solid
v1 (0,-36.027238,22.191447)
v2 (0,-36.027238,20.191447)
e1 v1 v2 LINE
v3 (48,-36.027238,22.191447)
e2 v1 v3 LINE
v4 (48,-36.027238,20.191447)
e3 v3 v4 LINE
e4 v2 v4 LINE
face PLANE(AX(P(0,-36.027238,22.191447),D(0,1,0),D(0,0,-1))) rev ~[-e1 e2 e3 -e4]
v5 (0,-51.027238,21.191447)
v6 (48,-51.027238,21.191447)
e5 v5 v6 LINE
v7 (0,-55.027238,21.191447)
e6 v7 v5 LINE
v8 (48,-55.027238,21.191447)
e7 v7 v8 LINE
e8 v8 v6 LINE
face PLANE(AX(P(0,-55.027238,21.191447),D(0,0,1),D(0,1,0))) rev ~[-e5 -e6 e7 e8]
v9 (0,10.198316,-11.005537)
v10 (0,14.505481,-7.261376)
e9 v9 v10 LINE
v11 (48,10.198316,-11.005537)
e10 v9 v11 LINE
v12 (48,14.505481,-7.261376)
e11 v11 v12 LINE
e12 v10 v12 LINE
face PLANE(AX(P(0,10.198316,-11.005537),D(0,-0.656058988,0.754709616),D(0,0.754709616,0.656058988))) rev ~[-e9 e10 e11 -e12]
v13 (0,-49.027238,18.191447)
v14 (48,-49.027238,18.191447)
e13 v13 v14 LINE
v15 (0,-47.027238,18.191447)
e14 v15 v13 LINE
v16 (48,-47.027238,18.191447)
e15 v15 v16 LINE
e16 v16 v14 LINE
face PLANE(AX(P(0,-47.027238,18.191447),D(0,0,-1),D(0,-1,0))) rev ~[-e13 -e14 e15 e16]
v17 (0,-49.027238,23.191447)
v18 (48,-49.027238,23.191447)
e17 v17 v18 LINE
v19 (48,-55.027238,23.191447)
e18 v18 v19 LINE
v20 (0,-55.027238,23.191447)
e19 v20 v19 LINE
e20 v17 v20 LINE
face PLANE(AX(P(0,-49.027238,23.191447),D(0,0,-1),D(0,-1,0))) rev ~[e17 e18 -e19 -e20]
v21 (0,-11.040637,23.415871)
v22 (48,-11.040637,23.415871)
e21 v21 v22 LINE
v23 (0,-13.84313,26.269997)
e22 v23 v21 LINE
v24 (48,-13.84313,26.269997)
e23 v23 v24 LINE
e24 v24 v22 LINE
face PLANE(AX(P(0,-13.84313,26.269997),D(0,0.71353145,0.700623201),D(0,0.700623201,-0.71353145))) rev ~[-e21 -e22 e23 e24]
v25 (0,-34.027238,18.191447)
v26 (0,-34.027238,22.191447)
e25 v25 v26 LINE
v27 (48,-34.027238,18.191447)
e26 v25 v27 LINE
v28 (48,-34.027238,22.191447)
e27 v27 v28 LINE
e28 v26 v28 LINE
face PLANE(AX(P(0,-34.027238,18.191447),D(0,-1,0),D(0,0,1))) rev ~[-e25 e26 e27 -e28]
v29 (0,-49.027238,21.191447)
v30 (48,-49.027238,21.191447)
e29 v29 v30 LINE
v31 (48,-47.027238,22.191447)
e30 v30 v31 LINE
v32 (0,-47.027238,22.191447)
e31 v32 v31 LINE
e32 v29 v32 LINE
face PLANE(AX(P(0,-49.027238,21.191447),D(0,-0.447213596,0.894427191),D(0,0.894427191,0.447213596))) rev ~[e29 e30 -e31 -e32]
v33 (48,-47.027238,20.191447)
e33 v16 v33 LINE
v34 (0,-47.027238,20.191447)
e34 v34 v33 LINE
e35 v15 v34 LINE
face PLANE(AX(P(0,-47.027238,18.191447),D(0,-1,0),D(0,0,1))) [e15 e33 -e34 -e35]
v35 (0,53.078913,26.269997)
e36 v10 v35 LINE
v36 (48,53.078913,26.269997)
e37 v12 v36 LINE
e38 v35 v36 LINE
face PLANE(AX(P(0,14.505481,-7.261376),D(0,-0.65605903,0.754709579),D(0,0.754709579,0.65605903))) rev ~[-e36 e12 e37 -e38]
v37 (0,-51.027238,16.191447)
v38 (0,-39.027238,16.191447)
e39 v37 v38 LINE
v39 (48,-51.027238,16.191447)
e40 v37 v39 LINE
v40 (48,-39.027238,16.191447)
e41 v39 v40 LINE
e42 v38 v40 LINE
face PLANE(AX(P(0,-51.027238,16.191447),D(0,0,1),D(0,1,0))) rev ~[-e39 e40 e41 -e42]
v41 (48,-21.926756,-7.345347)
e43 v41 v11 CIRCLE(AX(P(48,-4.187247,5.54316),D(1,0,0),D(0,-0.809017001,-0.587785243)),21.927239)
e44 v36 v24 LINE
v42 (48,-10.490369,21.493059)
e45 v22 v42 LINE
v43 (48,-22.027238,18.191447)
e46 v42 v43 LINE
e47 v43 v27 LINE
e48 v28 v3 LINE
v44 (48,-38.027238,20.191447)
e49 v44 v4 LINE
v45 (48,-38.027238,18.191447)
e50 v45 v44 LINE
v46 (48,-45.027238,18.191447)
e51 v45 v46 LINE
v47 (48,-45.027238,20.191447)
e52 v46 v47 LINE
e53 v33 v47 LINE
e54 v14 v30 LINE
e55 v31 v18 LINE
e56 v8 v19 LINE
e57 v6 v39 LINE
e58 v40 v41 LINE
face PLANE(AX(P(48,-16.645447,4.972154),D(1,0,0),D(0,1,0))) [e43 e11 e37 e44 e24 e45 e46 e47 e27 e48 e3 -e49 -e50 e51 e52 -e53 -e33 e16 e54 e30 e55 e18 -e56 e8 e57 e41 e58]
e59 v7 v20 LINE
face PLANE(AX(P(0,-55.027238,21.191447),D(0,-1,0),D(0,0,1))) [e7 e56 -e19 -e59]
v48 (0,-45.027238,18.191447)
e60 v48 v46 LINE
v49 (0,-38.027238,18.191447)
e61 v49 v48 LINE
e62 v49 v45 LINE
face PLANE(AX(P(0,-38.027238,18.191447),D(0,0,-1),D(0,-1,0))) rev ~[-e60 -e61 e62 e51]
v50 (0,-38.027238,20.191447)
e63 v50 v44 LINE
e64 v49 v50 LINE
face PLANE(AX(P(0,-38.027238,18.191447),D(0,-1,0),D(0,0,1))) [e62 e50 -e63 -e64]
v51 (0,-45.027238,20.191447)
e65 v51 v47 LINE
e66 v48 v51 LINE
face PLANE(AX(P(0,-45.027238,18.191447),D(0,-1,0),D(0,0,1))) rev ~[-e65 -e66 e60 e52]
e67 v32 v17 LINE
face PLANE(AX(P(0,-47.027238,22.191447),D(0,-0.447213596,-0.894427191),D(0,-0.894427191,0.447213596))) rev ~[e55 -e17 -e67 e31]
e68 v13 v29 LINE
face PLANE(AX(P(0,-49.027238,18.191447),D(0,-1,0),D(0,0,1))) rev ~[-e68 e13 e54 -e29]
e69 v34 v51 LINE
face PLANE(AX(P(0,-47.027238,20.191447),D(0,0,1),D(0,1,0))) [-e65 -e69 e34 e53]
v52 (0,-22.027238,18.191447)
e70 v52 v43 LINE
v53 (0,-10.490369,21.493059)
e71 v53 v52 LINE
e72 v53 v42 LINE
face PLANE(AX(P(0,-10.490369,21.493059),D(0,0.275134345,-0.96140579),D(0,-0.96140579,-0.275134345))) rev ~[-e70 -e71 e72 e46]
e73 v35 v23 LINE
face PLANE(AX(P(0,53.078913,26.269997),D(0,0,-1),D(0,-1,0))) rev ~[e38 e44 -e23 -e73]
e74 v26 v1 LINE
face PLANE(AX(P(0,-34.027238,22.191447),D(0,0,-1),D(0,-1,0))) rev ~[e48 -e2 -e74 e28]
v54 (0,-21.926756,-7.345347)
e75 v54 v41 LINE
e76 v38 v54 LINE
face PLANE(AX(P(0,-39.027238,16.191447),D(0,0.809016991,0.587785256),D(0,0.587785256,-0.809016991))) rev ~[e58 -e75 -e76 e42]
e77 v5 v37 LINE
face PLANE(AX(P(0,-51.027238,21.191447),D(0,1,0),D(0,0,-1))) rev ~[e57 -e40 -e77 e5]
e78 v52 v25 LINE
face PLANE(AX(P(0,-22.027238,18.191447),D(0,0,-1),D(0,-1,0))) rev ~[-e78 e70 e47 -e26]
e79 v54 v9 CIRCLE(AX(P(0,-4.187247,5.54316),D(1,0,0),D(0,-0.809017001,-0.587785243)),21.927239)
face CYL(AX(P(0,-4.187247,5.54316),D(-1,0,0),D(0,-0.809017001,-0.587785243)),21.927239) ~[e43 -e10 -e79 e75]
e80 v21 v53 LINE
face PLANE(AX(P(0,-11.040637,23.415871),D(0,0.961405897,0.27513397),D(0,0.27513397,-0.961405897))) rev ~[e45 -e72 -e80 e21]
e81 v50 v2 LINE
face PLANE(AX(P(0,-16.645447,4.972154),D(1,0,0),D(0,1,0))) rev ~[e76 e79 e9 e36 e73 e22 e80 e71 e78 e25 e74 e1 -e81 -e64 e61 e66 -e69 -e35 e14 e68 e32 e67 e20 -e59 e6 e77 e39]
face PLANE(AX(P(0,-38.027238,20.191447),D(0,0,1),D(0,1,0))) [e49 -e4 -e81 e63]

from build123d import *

# Parameters (mm, degrees)
F0_W     = 2
F0_H     = 2
F0_W_2   = 4
F1_DEPTH = 48


with BuildPart() as f1:
    # F0 (on Right) → F1 (new body)
    with BuildSketch(Plane.YZ):
        with BuildLine():
            Line((10.198316, -11.005537), (14.505481, -7.261376))
            Line((14.505481, -7.261376), (-10.490369, 21.493059))
            Line((-10.490369, 21.493059), (-22.027238, 18.191447))
            Line((-22.027238, 18.191447), (-34.027238, 18.191447))
            Line((-34.027238, 18.191447), (-36.027238, 18.191447))
            Line((-36.027238, 18.191447), (-38.027238, 18.191447))
            Line((-38.027238, 18.191447), (-45.027238, 18.191447))
            Line((-45.027238, 18.191447), (-47.027238, 18.191447))
            Line((-47.027238, 18.191447), (-49.027238, 18.191447))
            Line((-49.027238, 18.191447), (-49.027238, 16.191447))
            Line((-49.027238, 16.191447), (-39.027238, 16.191447))
            Line((-39.027238, 16.191447), (-21.926756, -7.345347))
            ThreePointArc((-21.926756, -7.345347), (-6.669481, -16.243127), (10.198316, -11.005537))
        make_face()
        Polygon((53.078913, 26.269997), (-13.84313, 26.269997), (-11.040637, 23.415871), (-10.490369, 21.493059), (14.505481, -7.261376), align=None)
        Polygon((-36.027238, 18.191447), (-34.027238, 18.191447), (-34.027238, 22.191447), (-36.027238, 22.191447), (-36.027238, 20.191447), align=None)
        with Locations((-37.027238, 19.191447)):
            Rectangle(F0_W, F0_H)
        with Locations((-46.027238, 19.191447)):
            Rectangle(F0_W, F0_H)
        Polygon((-51.027238, 16.191447), (-49.027238, 16.191447), (-49.027238, 18.191447), (-49.027238, 21.191447), (-49.027238, 22.191447), (-49.027238, 23.191447), (-51.027238, 23.191447), (-51.027238, 21.191447), align=None)
        Polygon((-49.027238, 22.191447), (-49.027238, 21.191447), (-47.027238, 22.191447), align=None)
        Polygon((-49.027238, 23.191447), (-49.027238, 22.191447), (-47.027238, 22.191447), align=None)
        with Locations((-53.027238, 22.191447)):
            Rectangle(F0_W_2, F0_H)
    extrude(amount=F1_DEPTH)


solid = f1.part
